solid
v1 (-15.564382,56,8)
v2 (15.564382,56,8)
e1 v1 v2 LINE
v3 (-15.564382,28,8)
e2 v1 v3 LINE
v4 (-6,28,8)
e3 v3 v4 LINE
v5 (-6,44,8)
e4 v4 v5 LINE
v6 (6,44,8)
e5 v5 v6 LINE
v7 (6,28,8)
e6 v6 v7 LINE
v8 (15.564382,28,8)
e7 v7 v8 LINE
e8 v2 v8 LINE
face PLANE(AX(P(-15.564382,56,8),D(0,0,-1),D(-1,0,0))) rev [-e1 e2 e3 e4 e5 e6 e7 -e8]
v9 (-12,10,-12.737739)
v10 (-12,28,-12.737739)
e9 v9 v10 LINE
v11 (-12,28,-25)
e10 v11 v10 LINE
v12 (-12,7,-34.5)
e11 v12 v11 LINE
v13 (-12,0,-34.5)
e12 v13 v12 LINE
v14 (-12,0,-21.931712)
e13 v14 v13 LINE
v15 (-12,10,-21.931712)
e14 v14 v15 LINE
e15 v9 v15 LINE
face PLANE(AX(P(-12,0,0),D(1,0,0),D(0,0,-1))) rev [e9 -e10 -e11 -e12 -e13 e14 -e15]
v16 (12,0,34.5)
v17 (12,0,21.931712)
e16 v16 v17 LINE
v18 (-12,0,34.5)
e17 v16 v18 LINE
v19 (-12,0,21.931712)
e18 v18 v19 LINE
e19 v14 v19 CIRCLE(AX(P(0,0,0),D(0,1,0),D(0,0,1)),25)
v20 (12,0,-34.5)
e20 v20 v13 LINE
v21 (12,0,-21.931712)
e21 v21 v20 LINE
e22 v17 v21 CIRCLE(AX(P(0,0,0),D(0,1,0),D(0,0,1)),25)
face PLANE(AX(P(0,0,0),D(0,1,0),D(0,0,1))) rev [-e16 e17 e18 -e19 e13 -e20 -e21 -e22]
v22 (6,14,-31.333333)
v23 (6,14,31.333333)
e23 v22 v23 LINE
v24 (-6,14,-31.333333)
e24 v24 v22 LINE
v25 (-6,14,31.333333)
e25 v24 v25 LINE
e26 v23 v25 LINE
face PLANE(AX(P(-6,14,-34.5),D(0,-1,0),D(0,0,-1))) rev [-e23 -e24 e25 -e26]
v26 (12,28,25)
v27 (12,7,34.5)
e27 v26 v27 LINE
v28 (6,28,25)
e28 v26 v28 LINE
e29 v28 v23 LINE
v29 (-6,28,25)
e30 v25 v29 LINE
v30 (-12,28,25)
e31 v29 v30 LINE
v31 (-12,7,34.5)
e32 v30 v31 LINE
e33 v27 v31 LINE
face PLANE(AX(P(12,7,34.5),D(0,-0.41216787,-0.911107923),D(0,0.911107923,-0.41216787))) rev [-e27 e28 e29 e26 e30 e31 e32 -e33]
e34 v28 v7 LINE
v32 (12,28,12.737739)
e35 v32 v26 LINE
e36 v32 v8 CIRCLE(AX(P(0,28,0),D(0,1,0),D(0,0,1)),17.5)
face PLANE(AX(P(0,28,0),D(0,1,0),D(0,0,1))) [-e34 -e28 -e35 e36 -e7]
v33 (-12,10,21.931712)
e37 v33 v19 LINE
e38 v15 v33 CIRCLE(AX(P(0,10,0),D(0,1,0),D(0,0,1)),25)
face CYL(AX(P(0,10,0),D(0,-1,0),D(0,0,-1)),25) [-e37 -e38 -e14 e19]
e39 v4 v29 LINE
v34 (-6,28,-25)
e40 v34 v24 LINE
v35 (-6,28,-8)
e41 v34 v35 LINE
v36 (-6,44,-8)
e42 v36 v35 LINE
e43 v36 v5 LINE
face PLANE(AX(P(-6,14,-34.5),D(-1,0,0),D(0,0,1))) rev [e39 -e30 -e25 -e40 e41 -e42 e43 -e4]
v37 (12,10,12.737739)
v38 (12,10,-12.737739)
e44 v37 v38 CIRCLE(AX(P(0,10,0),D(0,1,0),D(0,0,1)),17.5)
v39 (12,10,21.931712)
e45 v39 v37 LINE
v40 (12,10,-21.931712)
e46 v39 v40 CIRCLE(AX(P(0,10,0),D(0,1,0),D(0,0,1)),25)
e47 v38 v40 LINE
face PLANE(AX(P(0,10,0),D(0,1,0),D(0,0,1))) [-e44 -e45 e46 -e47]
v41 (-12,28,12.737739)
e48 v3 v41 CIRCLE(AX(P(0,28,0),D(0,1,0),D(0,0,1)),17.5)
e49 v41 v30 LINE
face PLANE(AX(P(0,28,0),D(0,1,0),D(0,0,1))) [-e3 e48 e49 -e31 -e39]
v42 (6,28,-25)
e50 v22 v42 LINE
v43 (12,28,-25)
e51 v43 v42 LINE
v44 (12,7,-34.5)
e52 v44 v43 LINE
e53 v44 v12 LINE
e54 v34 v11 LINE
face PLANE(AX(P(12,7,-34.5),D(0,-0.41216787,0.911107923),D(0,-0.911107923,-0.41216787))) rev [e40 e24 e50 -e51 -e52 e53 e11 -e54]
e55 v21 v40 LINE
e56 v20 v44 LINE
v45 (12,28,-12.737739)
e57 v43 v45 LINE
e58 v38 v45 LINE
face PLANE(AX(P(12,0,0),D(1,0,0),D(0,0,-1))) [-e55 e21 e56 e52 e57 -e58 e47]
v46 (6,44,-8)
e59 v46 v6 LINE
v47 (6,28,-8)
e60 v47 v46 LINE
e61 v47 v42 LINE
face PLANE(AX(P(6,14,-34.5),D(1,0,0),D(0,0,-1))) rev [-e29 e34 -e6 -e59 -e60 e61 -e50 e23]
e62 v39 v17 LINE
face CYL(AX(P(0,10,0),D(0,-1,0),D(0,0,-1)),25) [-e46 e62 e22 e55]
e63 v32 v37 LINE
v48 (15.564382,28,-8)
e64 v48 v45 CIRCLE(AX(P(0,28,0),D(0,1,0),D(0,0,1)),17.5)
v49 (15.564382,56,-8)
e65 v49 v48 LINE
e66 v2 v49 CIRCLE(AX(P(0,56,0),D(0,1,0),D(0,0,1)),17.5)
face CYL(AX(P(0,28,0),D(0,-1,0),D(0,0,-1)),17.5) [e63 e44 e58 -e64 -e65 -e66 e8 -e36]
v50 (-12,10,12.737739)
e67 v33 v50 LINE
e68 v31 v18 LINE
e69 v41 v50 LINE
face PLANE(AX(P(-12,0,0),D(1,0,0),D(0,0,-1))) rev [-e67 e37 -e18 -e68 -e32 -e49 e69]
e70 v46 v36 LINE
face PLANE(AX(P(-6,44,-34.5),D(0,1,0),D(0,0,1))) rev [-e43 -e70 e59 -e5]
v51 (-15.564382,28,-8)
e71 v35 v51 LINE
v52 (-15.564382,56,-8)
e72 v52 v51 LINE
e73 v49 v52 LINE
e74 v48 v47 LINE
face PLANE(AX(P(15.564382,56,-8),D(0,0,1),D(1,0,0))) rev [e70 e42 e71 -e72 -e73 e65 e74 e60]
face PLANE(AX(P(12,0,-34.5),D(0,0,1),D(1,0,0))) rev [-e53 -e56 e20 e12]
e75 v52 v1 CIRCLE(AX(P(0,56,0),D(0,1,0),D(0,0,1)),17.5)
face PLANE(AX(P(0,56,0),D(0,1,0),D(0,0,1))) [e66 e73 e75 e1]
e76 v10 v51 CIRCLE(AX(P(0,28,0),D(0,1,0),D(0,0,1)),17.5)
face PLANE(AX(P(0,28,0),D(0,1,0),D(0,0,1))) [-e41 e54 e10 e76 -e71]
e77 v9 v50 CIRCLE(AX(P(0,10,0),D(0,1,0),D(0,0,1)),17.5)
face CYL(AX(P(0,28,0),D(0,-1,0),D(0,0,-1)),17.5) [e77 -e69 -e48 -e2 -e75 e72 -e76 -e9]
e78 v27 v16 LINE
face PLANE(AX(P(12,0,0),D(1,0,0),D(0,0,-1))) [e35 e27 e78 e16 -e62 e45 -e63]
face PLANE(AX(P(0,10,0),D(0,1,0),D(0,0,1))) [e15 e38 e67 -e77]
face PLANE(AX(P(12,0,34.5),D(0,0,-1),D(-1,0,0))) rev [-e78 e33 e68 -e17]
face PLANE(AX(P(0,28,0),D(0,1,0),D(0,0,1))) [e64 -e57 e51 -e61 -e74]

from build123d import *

# Parameters (mm, degrees)
SKETCH1_R               = 25
BOSS_EXTRUDE1_DEPTH     = 10
SKETCH2_R               = 17.5
BOSS_EXTRUDE2_DEPTH     = 18
BOSS_EXTRUDE3_DEPTH     = 28
BOSS_EXTRUDE6_DEPTH     = 12
SKETCH5_W               = 12
SKETCH5_H               = 30
CUT_EXTRUDE3_DEPTH      = 35.5
CUT_EXTRUDE3_DEPTH_BACK = 35.5


with BuildPart() as part:
    # Sketch1 → Boss-Extrude1 (new body)
    with BuildSketch(Plane(origin=(0, 0, 0), x_dir=(1, 0, 0), z_dir=(0, 1, 0))):
        Circle(SKETCH1_R)
    extrude(amount=BOSS_EXTRUDE1_DEPTH)

    # Sketch2 → Boss-Extrude2 (add)
    with BuildSketch(Plane(origin=(0, 10, 0), x_dir=(1, 0, 0), z_dir=(0, 1, 0))):
        Circle(SKETCH2_R)
    extrude(amount=BOSS_EXTRUDE2_DEPTH)

    # Sketch3 → Boss-Extrude3 (add)
    with BuildSketch(Plane(origin=(0, 28, 0), x_dir=(1, 0, 0), z_dir=(0, 1, 0))):
        with BuildLine():
            Line((-15.564382416, -8), (15.564382416, -8))
            ThreePointArc((15.564382416, -8), (17.5, 0), (15.564382416, 8))
            Line((15.564382416, 8), (-15.564382416, 8))
            ThreePointArc((-15.564382416, 8), (-17.5, 0), (-15.564382416, -8))
        make_face()
    extrude(amount=BOSS_EXTRUDE3_DEPTH)

    # Sketch4 → Boss-Extrude6 (add, symmetric)
    with BuildSketch(Plane(origin=(0, 0, 0), x_dir=(0, 0, -1), z_dir=(1, 0, 0))):
        Polygon((34.5, 0), (34.5, 7), (25, 28), (-25, 28), (-34.5, 7), (-34.5, 0), align=None)
    extrude(amount=BOSS_EXTRUDE6_DEPTH, both=True)

    # Sketch5 → Cut-Extrude3 (cut, two sides)
    with BuildSketch(Plane.XY) as cut_extrude3_sk:
        with Locations((0, 29)):
            Rectangle(SKETCH5_W, SKETCH5_H)
    extrude(amount=CUT_EXTRUDE3_DEPTH, mode=Mode.SUBTRACT)
    extrude(cut_extrude3_sk.sketch, amount=-CUT_EXTRUDE3_DEPTH_BACK, mode=Mode.SUBTRACT)


solid = part.part
